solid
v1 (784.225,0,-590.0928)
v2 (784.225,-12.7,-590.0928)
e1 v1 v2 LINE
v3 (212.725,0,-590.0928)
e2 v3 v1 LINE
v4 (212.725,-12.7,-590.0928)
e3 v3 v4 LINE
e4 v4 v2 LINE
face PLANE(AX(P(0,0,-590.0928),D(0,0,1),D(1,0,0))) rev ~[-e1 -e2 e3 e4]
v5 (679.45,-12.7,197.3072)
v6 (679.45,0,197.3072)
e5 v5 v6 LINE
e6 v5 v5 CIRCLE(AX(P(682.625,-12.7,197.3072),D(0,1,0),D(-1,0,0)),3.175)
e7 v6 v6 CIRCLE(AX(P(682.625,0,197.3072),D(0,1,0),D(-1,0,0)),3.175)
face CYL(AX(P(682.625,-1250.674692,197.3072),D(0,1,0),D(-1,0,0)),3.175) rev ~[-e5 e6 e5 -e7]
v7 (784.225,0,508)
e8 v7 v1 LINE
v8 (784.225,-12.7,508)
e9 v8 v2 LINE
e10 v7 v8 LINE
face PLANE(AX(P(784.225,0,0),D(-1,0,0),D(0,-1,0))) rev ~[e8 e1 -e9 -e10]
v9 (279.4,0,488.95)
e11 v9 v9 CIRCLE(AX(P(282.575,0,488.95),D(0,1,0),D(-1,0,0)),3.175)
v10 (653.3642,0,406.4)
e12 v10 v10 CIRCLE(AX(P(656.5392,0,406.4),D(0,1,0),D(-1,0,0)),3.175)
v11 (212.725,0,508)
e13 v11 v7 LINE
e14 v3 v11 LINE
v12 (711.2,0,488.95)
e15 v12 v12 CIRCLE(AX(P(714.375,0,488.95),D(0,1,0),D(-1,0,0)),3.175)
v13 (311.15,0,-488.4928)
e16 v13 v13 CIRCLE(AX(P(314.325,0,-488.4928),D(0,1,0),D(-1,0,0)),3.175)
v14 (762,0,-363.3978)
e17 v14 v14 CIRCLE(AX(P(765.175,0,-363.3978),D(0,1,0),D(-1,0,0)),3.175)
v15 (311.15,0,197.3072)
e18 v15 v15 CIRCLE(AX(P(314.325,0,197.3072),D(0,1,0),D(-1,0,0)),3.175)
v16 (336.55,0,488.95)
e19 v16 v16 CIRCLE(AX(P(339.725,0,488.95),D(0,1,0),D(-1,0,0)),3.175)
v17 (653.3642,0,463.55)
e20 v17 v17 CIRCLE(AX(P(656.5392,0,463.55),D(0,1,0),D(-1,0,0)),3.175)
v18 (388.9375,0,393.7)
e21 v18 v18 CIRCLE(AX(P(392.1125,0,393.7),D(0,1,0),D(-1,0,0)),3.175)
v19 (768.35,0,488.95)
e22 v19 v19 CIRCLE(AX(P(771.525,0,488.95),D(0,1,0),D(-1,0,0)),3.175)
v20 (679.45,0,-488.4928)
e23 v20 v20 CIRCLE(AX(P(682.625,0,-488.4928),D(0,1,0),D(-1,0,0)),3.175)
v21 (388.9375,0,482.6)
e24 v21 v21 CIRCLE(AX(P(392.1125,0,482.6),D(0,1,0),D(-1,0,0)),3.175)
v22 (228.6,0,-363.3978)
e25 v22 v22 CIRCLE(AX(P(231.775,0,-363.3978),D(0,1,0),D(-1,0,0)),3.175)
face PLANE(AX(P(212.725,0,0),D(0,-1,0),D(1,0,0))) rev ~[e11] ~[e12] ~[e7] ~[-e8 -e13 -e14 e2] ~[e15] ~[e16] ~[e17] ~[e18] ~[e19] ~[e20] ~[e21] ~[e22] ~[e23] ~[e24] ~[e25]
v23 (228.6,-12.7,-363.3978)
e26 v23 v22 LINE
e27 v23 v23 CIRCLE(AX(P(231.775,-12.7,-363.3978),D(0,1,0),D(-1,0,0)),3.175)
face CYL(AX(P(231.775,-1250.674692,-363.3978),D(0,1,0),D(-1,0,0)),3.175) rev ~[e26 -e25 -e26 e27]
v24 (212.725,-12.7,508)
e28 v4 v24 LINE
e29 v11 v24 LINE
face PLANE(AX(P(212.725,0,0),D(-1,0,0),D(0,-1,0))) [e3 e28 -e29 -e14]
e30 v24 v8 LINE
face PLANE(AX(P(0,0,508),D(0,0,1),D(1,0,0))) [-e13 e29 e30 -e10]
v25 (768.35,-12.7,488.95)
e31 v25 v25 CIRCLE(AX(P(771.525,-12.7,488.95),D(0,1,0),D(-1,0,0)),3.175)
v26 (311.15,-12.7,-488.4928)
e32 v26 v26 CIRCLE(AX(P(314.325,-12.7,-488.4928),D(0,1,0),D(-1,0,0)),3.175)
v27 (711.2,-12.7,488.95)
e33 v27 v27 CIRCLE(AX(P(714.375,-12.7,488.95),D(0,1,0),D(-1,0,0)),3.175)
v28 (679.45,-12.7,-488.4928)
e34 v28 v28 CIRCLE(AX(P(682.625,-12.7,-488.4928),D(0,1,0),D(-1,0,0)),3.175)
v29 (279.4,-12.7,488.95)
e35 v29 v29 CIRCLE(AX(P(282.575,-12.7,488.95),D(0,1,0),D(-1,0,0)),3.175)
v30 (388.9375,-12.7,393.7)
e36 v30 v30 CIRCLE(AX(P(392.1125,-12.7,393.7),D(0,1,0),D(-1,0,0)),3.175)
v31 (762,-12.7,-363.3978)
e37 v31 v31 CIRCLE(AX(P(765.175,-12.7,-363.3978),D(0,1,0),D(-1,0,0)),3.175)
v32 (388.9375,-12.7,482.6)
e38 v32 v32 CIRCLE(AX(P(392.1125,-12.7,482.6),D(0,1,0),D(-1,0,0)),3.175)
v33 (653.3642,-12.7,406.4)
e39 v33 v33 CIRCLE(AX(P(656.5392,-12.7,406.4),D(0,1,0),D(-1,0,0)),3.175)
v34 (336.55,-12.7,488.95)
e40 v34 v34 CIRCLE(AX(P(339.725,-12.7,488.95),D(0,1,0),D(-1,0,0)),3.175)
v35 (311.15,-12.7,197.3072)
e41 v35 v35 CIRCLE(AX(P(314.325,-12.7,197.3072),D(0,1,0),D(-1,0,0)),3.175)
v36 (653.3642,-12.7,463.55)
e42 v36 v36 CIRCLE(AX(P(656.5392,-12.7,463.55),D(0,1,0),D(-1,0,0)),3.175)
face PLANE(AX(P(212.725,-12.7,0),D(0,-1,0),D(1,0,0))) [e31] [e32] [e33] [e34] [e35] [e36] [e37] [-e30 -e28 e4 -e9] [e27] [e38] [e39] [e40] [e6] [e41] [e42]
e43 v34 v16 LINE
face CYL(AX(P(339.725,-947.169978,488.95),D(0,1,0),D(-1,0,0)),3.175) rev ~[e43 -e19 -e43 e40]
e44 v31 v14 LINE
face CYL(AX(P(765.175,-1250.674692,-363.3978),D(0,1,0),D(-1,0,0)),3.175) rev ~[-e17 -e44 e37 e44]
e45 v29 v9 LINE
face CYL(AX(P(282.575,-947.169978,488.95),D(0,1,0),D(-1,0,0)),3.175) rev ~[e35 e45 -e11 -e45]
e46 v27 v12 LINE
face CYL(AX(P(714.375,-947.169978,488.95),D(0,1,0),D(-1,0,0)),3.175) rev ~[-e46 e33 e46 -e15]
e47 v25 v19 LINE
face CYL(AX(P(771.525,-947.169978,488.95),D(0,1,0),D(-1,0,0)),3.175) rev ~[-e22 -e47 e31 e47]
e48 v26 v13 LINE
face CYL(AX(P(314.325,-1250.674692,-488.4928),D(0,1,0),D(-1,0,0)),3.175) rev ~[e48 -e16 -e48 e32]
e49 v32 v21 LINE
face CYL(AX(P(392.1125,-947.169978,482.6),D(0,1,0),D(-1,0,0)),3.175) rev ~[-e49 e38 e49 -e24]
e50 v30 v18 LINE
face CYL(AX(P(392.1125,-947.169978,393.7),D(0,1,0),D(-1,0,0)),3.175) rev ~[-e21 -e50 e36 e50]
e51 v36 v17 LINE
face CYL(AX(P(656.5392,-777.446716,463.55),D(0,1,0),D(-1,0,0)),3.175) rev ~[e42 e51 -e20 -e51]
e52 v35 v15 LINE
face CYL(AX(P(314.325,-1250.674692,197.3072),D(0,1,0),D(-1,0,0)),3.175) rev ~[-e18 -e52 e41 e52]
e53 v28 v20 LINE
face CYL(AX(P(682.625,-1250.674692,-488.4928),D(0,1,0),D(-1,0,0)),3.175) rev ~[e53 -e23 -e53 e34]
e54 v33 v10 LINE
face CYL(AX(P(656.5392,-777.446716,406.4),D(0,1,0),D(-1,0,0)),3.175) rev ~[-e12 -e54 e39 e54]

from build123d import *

# Parameters (mm, degrees)
F0_W     = 784.225
F0_H     = 508
F1_DEPTH = 12.7
F3_D     = 6.35
F5_D     = 6.35
F6_DEPTH = 212.725
F8_D     = 6.35
F9_DEPTH = 590.0928
F11_D    = 6.35
F13_D    = 6.35


with BuildPart() as f1:
    # F0 (on Front) → F1 (new body)
    with BuildSketch(Plane.XZ):
        with Locations((392.1125, 254)):
            Rectangle(F0_W, F0_H)
    extrude(amount=F1_DEPTH)

    # F3 (through all)
    with Locations(Plane.XZ.offset(12.7)):
        with Locations((392.1125, 482.6), (392.1125, 393.7)):
            Hole(F3_D / 2)

    # F5 (through all)
    with Locations(Plane.XZ.offset(12.7)):
        with Locations((771.525, 488.95), (714.375, 488.95), (339.725, 488.95), (282.575, 488.95)):
            Hole(F5_D / 2)

    # F6 (cut): a face of the model
    f6_faces = [f1.faces().sort_by_distance(p)[0] for p in [
        (0, -6.35, 254),
    ]]
    extrude(f6_faces, amount=-F6_DEPTH, mode=Mode.SUBTRACT)

    # F8 (through all)
    with Locations(Plane.XZ.offset(12.7)):
        with Locations((656.5392, 463.55), (656.5392, 406.4)):
            Hole(F8_D / 2)

    # F9 (add): a face of the model
    f9_faces = [f1.faces().sort_by_distance(p)[0] for p in [
        (498.475, -6.35, 0),
    ]]
    extrude(f9_faces, amount=F9_DEPTH)

    # F11 (through all)
    with Locations(Plane.XZ.offset(12.7)):
        with Locations((231.775, -363.3978), (765.175, -363.3978)):
            Hole(F11_D / 2)

    # F13 (through all)
    with Locations(Plane.XZ.offset(12.7)):
        with Locations((682.625, 197.3072), (314.325, 197.3072), (314.325, -488.4928), (682.625, -488.4928)):
            Hole(F13_D / 2)


solid = f1.part
